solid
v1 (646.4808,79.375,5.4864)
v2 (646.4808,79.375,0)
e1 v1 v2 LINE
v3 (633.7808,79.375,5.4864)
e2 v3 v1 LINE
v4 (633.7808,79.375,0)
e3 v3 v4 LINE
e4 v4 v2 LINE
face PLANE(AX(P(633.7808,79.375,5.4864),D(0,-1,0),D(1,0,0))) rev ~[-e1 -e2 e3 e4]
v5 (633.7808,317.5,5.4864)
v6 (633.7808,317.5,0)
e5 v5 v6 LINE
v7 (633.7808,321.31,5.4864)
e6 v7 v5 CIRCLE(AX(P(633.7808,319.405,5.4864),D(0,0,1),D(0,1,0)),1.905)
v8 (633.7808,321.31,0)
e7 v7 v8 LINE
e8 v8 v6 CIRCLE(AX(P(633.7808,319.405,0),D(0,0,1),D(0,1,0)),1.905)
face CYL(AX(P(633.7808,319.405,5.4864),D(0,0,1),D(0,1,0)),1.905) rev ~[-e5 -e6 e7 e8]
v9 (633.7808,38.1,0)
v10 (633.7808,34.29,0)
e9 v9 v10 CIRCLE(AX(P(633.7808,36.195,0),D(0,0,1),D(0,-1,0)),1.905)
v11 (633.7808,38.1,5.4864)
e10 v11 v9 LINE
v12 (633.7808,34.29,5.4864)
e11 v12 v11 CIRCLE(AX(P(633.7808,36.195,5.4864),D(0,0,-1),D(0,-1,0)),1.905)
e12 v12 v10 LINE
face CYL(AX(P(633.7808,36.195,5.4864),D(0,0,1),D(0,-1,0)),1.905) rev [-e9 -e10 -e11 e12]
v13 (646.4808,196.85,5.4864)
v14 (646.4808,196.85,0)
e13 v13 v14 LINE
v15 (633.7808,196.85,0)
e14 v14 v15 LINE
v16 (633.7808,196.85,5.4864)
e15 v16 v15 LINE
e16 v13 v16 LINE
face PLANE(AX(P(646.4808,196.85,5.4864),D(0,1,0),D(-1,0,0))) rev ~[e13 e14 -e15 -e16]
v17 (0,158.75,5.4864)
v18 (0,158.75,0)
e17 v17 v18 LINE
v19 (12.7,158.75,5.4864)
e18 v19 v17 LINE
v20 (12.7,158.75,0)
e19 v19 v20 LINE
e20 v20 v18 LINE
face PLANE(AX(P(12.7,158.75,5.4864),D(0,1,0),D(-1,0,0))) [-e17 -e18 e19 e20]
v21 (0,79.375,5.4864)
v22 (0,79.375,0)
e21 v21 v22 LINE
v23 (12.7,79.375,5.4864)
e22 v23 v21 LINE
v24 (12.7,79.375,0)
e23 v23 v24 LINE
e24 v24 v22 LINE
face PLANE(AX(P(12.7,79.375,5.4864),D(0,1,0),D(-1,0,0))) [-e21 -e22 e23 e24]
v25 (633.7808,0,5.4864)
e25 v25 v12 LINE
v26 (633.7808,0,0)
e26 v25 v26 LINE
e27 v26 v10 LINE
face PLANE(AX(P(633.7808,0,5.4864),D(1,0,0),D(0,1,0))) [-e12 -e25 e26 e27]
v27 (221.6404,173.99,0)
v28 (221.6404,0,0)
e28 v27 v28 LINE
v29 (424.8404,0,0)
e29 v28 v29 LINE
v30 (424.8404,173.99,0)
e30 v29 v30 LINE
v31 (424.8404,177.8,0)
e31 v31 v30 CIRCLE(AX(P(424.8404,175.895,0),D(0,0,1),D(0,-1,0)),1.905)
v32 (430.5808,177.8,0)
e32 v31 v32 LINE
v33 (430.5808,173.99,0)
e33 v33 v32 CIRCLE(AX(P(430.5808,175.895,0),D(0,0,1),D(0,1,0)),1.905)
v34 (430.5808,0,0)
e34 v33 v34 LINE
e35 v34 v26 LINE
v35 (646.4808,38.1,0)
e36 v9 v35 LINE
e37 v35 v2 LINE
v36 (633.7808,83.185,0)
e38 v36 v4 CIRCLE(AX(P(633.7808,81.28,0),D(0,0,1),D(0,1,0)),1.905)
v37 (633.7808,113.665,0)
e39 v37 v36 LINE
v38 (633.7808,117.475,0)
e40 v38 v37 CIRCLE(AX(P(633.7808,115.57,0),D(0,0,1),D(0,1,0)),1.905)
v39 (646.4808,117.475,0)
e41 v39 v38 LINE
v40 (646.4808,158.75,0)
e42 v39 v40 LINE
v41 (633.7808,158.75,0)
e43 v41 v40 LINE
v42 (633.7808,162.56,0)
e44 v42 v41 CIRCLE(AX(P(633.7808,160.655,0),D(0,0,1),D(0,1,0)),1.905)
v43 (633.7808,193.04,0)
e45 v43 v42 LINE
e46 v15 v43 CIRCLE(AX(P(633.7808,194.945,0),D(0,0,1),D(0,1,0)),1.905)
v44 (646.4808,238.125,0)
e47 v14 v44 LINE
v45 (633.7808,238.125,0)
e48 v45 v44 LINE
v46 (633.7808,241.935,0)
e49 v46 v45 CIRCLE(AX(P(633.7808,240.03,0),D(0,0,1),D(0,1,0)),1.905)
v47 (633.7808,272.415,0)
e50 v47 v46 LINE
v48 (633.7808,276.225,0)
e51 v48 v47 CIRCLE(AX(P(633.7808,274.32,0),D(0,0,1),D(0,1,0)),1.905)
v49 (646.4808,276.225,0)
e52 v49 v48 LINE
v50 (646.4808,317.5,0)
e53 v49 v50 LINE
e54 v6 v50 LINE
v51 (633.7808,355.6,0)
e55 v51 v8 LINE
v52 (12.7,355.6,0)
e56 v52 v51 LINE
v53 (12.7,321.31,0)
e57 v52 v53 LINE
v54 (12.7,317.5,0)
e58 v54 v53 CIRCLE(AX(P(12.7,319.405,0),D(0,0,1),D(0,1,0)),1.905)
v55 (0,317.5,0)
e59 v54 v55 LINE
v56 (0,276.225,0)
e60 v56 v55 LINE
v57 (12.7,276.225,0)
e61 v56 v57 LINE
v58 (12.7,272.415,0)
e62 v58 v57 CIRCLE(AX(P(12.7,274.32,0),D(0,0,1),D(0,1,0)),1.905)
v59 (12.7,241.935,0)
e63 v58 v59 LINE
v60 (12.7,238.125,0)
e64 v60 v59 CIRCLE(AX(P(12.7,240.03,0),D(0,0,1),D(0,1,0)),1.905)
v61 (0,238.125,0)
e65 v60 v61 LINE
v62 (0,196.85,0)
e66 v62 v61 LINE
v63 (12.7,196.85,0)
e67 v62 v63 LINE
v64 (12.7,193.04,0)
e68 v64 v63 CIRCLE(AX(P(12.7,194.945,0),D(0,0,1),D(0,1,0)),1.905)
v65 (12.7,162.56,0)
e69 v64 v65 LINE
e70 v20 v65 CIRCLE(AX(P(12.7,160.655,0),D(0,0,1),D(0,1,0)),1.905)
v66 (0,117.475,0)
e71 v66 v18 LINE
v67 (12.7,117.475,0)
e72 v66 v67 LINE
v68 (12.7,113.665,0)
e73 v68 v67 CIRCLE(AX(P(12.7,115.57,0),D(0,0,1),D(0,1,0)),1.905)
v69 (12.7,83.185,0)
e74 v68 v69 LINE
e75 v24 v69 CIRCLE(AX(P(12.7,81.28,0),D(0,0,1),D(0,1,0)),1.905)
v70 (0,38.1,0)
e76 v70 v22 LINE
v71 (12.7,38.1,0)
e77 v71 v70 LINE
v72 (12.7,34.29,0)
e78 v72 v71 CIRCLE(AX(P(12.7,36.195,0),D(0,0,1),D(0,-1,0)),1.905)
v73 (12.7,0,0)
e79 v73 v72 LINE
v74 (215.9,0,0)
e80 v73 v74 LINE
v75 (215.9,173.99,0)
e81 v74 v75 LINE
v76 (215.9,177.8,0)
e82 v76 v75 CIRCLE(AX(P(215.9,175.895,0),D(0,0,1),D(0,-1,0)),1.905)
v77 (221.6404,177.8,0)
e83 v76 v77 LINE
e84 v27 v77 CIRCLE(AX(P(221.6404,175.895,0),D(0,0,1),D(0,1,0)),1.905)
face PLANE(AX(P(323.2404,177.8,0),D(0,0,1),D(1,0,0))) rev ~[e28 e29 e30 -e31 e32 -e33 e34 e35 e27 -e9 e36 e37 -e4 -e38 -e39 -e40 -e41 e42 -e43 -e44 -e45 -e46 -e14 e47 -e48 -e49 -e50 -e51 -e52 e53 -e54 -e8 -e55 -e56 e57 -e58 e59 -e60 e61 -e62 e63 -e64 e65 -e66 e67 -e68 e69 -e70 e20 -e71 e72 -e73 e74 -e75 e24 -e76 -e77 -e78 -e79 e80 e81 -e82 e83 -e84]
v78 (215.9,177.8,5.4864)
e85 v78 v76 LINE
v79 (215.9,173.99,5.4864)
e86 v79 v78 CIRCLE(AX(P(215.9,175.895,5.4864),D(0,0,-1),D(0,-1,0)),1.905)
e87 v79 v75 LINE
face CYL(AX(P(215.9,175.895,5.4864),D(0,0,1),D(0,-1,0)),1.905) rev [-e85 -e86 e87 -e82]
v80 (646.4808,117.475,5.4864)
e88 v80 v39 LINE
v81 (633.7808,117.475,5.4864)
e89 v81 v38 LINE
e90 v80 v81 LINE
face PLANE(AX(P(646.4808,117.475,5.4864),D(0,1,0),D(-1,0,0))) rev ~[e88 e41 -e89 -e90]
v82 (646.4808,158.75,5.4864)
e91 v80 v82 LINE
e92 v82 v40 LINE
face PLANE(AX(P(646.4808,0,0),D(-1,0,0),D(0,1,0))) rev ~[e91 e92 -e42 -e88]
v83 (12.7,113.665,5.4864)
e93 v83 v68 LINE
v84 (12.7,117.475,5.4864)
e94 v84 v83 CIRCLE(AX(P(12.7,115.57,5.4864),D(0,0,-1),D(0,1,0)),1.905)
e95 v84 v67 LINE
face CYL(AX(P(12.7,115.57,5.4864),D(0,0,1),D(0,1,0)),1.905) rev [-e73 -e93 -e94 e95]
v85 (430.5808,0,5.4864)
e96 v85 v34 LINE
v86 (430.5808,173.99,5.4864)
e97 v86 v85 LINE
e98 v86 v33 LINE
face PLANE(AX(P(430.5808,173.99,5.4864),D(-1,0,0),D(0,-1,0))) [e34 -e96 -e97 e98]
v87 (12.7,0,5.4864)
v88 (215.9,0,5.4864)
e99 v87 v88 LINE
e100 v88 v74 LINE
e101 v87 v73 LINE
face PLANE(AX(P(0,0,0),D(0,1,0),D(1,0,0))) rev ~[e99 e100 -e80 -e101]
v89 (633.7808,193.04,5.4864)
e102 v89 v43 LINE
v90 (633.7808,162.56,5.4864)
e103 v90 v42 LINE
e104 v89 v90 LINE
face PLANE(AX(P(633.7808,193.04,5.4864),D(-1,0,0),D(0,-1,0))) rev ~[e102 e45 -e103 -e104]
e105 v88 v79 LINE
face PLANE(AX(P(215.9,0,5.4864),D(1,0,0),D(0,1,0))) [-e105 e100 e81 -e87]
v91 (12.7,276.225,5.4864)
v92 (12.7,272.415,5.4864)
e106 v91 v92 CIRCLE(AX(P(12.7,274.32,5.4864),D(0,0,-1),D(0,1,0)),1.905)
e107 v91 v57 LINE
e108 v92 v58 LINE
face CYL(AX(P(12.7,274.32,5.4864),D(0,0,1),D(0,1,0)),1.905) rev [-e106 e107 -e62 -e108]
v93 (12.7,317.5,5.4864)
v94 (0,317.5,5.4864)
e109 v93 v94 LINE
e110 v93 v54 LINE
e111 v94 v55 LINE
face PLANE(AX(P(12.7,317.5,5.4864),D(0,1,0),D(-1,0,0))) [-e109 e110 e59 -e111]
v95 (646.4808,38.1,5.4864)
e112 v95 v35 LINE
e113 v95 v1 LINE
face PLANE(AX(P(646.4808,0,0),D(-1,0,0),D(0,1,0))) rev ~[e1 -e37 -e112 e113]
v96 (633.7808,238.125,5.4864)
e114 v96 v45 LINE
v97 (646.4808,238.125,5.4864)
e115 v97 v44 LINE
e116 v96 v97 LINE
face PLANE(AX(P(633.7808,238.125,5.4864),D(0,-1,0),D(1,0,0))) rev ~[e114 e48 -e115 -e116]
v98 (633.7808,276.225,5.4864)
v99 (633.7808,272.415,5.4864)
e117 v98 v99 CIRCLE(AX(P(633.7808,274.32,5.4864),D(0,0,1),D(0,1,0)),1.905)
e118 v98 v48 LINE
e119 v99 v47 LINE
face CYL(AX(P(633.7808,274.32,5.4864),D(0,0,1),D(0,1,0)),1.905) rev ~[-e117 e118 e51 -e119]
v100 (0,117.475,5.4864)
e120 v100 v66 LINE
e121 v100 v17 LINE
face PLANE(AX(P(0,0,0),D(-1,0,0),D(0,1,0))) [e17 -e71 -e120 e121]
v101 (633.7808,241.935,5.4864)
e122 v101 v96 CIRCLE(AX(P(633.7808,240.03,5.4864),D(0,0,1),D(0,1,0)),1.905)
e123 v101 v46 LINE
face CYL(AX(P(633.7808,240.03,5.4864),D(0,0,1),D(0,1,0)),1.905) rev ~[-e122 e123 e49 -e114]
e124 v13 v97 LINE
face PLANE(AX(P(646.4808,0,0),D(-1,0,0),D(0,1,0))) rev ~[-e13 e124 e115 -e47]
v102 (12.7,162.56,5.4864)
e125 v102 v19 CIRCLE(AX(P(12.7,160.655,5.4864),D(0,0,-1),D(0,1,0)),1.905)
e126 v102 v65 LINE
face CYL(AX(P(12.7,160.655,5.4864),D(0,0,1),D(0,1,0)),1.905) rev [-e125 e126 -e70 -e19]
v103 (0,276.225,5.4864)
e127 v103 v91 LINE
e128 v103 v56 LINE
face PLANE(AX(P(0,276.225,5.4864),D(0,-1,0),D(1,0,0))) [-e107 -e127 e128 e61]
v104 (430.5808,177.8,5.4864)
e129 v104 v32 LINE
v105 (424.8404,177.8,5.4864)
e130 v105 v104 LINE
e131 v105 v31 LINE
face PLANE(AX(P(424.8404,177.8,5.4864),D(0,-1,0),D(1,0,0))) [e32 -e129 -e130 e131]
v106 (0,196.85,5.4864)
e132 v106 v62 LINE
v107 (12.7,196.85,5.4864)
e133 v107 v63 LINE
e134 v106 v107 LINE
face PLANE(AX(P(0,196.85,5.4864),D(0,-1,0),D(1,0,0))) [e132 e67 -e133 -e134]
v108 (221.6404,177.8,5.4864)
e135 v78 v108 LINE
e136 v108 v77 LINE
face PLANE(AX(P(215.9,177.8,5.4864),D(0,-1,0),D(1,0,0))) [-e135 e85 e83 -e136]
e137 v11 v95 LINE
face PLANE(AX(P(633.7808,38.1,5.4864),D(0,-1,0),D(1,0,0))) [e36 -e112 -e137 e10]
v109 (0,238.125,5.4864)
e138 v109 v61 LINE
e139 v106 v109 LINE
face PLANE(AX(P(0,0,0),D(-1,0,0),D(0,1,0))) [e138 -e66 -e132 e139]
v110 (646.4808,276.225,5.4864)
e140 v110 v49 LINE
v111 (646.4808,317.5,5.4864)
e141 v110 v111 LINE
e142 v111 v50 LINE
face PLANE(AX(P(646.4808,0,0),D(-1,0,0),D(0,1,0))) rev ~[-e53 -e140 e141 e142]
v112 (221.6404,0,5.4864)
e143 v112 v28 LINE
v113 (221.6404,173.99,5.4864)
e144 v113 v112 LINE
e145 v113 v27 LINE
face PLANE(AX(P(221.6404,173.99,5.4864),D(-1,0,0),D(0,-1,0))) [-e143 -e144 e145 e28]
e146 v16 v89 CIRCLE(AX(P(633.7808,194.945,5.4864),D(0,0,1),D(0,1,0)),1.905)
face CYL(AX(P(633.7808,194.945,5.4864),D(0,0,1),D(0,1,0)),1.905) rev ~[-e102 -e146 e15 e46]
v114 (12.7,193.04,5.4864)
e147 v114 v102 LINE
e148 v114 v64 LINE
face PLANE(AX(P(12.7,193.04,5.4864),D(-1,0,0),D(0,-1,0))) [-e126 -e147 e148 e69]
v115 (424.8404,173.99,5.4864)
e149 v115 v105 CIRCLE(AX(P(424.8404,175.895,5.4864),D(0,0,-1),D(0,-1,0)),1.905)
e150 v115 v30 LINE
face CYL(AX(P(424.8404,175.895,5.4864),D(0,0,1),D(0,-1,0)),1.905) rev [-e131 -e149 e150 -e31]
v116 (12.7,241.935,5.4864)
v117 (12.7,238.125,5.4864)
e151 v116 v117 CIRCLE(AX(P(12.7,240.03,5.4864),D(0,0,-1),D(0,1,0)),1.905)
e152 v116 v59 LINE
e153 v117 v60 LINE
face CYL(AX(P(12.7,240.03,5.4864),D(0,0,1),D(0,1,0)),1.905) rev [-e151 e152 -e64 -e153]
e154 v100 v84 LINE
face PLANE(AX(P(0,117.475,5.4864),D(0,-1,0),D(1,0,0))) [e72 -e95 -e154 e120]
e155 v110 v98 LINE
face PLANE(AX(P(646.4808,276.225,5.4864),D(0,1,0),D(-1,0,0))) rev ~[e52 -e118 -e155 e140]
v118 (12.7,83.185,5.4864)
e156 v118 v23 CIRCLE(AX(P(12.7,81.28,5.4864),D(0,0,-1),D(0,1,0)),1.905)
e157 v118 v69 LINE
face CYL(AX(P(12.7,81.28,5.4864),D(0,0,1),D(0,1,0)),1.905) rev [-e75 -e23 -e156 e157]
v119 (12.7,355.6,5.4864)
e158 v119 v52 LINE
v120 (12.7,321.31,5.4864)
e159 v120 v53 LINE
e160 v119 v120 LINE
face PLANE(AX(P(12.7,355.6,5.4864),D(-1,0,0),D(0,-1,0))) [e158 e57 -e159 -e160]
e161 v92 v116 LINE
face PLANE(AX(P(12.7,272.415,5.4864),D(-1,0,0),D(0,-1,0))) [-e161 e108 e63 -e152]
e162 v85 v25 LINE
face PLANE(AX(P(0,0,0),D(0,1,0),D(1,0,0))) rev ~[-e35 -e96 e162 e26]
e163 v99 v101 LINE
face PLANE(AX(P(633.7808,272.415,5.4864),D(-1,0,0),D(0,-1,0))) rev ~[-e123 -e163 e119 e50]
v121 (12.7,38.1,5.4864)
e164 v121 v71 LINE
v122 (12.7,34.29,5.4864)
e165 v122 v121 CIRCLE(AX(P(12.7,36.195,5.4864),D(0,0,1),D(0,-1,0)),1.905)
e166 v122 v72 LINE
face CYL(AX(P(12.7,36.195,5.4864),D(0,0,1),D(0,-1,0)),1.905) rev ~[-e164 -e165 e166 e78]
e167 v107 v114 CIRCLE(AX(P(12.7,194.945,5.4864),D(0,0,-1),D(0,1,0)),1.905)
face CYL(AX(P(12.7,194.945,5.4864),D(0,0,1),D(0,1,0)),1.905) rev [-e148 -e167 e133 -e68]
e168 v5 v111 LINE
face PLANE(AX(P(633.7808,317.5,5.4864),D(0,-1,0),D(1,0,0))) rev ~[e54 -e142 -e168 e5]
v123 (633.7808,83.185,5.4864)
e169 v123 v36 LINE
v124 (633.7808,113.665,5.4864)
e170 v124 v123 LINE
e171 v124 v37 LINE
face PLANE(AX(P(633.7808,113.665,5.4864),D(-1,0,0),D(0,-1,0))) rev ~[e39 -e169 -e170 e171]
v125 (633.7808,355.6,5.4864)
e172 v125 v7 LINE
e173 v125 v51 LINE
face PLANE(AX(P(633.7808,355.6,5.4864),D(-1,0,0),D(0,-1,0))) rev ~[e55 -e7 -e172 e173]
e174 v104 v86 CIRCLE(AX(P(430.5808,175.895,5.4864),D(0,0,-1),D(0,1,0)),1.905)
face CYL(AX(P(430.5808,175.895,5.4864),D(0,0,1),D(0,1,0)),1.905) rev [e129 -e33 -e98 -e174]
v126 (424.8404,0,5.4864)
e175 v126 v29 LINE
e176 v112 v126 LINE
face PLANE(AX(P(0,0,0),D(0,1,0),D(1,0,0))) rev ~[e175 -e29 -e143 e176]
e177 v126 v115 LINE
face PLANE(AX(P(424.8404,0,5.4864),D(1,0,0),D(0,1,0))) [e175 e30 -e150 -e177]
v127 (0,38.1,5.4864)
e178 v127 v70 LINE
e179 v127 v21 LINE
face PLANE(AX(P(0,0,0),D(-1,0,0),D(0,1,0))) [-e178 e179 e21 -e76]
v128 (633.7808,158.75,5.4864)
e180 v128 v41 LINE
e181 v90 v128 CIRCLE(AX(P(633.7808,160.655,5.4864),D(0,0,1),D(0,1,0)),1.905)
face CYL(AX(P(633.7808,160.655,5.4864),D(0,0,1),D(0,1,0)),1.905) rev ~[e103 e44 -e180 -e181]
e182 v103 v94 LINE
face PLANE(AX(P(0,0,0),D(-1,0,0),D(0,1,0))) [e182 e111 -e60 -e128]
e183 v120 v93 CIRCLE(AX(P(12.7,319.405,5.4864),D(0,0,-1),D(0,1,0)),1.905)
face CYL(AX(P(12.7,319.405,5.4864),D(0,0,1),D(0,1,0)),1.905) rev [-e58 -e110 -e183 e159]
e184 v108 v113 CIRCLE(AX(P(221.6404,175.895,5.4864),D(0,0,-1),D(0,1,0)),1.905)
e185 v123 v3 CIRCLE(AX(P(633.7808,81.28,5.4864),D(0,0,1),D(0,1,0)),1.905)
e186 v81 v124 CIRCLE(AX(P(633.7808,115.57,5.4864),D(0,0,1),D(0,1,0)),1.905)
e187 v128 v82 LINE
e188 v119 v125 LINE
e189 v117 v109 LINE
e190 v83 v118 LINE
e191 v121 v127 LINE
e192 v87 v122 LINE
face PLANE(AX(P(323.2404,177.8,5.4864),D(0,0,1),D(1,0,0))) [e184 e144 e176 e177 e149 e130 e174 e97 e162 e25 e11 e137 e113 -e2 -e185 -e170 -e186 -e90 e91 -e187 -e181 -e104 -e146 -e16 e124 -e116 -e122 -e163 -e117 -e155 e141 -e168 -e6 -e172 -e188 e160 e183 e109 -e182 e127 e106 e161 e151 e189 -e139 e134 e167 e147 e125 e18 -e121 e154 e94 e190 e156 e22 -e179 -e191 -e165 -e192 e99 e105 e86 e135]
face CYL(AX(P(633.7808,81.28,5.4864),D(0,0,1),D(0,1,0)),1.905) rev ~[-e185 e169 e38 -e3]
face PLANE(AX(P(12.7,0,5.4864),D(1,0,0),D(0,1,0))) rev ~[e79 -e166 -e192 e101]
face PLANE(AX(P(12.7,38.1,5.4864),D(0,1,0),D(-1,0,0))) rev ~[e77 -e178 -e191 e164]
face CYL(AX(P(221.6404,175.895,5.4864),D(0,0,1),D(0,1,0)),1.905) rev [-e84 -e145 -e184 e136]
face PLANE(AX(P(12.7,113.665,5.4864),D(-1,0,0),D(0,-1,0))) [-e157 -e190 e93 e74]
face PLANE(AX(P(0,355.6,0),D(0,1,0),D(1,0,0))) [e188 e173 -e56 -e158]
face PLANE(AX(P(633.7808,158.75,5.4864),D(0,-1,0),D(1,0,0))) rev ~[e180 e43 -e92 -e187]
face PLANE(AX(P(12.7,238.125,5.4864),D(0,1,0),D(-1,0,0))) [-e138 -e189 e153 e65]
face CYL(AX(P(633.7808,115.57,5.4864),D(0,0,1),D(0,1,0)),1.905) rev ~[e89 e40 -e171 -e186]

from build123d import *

# Parameters (mm, degrees)
SKETCH1_W           = 646.4808
SKETCH1_H           = 355.6
BOSS_EXTRUDE1_DEPTH = 5.4864
CUT_EXTRUDE1_DEPTH  = 738.847467539
CUT_EXTRUDE2_DEPTH  = 738.847467539


with BuildPart() as part:
    # Sketch1 → Boss-Extrude1 (new body)
    with BuildSketch(Plane.XY):
        with Locations((323.2404, 177.8)):
            Rectangle(SKETCH1_W, SKETCH1_H)
    extrude(amount=BOSS_EXTRUDE1_DEPTH)

    # Sketch4 → Cut-Extrude1 (cut, through all)
    with BuildSketch(Plane.XY.offset(5.4864)):
        with BuildLine():
            Line((424.8404, 177.8), (430.5808, 177.8))
            ThreePointArc((430.5808, 177.8), (432.4858, 175.895), (430.5808, 173.99))
            Line((430.5808, 173.99), (430.5808, 0))
            Line((430.5808, 0), (424.8404, 0))
            Line((424.8404, 0), (424.8404, 173.99))
            ThreePointArc((424.8404, 173.99), (422.9354, 175.895), (424.8404, 177.8))
        make_face()
        with BuildLine():
            Line((215.9, 177.8), (221.6404, 177.8))
            ThreePointArc((221.6404, 177.8), (223.5454, 175.895), (221.6404, 173.99))
            Line((221.6404, 173.99), (221.6404, 0))
            Line((221.6404, 0), (215.9, 0))
            Line((215.9, 0), (215.9, 173.99))
            ThreePointArc((215.9, 173.99), (213.995, 175.895), (215.9, 177.8))
        make_face()
    extrude(amount=-CUT_EXTRUDE1_DEPTH, mode=Mode.SUBTRACT)

    # Sketch5 → Cut-Extrude2 (cut, through all)
    with BuildSketch(Plane.XY.offset(5.4864)):
        with BuildLine():
            Line((0, 0), (12.7, 0))
            Line((12.7, 0), (12.7, 3.81))
            Line((12.7, 3.81), (12.7, 34.29))
            ThreePointArc((12.7, 34.29), (14.605, 36.195), (12.7, 38.1))
            Line((12.7, 38.1), (0, 38.1))
            ThreePointArc((0, 38.1), (-1.905, 36.195), (0, 34.29))
            Line((0, 34.29), (0, 3.81))
            ThreePointArc((0, 3.81), (-1.905, 1.905), (0, 0))
        make_face()
        with BuildLine():
            Line((0, 117.475), (12.7, 117.475))
            ThreePointArc((12.7, 117.475), (14.605, 115.57), (12.7, 113.665))
            Line((12.7, 113.665), (12.7, 83.185))
            ThreePointArc((12.7, 83.185), (14.605, 81.28), (12.7, 79.375))
            Line((12.7, 79.375), (0, 79.375))
            ThreePointArc((0, 79.375), (-1.905, 81.28), (0, 83.185))
            Line((0, 83.185), (0, 113.665))
            ThreePointArc((0, 113.665), (-1.905, 115.57), (0, 117.475))
        make_face()
        with BuildLine():
            Line((0, 196.85), (12.7, 196.85))
            ThreePointArc((12.7, 196.85), (14.605, 194.945), (12.7, 193.04))
            Line((12.7, 193.04), (12.7, 162.56))
            ThreePointArc((12.7, 162.56), (14.605, 160.655), (12.7, 158.75))
            Line((12.7, 158.75), (0, 158.75))
            ThreePointArc((0, 158.75), (-1.905, 160.655), (0, 162.56))
            Line((0, 162.56), (0, 193.04))
            ThreePointArc((0, 193.04), (-1.905, 194.945), (0, 196.85))
        make_face()
        with BuildLine():
            Line((0, 276.225), (12.7, 276.225))
            ThreePointArc((12.7, 276.225), (14.605, 274.32), (12.7, 272.415))
            Line((12.7, 272.415), (12.7, 241.935))
            ThreePointArc((12.7, 241.935), (14.605, 240.03), (12.7, 238.125))
            Line((12.7, 238.125), (0, 238.125))
            ThreePointArc((0, 238.125), (-1.905, 240.03), (0, 241.935))
            Line((0, 241.935), (0, 272.415))
            ThreePointArc((0, 272.415), (-1.905, 274.32), (0, 276.225))
        make_face()
        with BuildLine():
            Line((0, 355.6), (12.7, 355.6))
            Line((12.7, 355.6), (12.7, 351.79))
            Line((12.7, 351.79), (12.7, 321.31))
            ThreePointArc((12.7, 321.31), (14.605, 319.405), (12.7, 317.5))
            Line((12.7, 317.5), (0, 317.5))
            ThreePointArc((0, 317.5), (-1.905, 319.405), (0, 321.31))
            Line((0, 321.31), (0, 351.79))
            ThreePointArc((0, 351.79), (-1.905, 353.695), (0, 355.6))
        make_face()
        with BuildLine():
            Line((646.4808, 321.31), (646.4808, 351.79))
            ThreePointArc((646.4808, 351.79), (648.3858, 353.695), (646.4808, 355.6))
            Line((646.4808, 355.6), (633.7808, 355.6))
            Line((633.7808, 355.6), (633.7808, 351.79))
            Line((633.7808, 351.79), (633.7808, 321.31))
            ThreePointArc((633.7808, 321.31), (631.8758, 319.405), (633.7808, 317.5))
            Line((633.7808, 317.5), (646.4808, 317.5))
            ThreePointArc((646.4808, 317.5), (648.3858, 319.405), (646.4808, 321.31))
        make_face()
        with BuildLine():
            Line((646.4808, 241.935), (646.4808, 272.415))
            ThreePointArc((646.4808, 272.415), (648.3858, 274.32), (646.4808, 276.225))
            Line((646.4808, 276.225), (633.7808, 276.225))
            ThreePointArc((633.7808, 276.225), (631.8758, 274.32), (633.7808, 272.415))
            Line((633.7808, 272.415), (633.7808, 241.935))
            ThreePointArc((633.7808, 241.935), (631.8758, 240.03), (633.7808, 238.125))
            Line((633.7808, 238.125), (646.4808, 238.125))
            ThreePointArc((646.4808, 238.125), (648.3858, 240.03), (646.4808, 241.935))
        make_face()
        with BuildLine():
            Line((646.4808, 162.56), (646.4808, 193.04))
            ThreePointArc((646.4808, 193.04), (648.3858, 194.945), (646.4808, 196.85))
            Line((646.4808, 196.85), (633.7808, 196.85))
            ThreePointArc((633.7808, 196.85), (631.8758, 194.945), (633.7808, 193.04))
            Line((633.7808, 193.04), (633.7808, 162.56))
            ThreePointArc((633.7808, 162.56), (631.8758, 160.655), (633.7808, 158.75))
            Line((633.7808, 158.75), (646.4808, 158.75))
            ThreePointArc((646.4808, 158.75), (648.3858, 160.655), (646.4808, 162.56))
        make_face()
        with BuildLine():
            Line((646.4808, 83.185), (646.4808, 113.665))
            ThreePointArc((646.4808, 113.665), (648.3858, 115.57), (646.4808, 117.475))
            Line((646.4808, 117.475), (633.7808, 117.475))
            ThreePointArc((633.7808, 117.475), (631.8758, 115.57), (633.7808, 113.665))
            Line((633.7808, 113.665), (633.7808, 83.185))
            ThreePointArc((633.7808, 83.185), (631.8758, 81.28), (633.7808, 79.375))
            Line((633.7808, 79.375), (646.4808, 79.375))
            ThreePointArc((646.4808, 79.375), (648.3858, 81.28), (646.4808, 83.185))
        make_face()
        with BuildLine():
            Line((633.7808, 3.81), (633.7808, 34.29))
            ThreePointArc((633.7808, 34.29), (631.8758, 36.195), (633.7808, 38.1))
            Line((633.7808, 38.1), (646.4808, 38.1))
            ThreePointArc((646.4808, 38.1), (648.3858, 36.195), (646.4808, 34.29))
            Line((646.4808, 34.29), (646.4808, 3.81))
            ThreePointArc((646.4808, 3.81), (648.3858, 1.905), (646.4808, 0))
            Line((646.4808, 0), (633.7808, 0))
            Line((633.7808, 0), (633.7808, 3.81))
        make_face()
    extrude(amount=-CUT_EXTRUDE2_DEPTH, mode=Mode.SUBTRACT)


solid = part.part
